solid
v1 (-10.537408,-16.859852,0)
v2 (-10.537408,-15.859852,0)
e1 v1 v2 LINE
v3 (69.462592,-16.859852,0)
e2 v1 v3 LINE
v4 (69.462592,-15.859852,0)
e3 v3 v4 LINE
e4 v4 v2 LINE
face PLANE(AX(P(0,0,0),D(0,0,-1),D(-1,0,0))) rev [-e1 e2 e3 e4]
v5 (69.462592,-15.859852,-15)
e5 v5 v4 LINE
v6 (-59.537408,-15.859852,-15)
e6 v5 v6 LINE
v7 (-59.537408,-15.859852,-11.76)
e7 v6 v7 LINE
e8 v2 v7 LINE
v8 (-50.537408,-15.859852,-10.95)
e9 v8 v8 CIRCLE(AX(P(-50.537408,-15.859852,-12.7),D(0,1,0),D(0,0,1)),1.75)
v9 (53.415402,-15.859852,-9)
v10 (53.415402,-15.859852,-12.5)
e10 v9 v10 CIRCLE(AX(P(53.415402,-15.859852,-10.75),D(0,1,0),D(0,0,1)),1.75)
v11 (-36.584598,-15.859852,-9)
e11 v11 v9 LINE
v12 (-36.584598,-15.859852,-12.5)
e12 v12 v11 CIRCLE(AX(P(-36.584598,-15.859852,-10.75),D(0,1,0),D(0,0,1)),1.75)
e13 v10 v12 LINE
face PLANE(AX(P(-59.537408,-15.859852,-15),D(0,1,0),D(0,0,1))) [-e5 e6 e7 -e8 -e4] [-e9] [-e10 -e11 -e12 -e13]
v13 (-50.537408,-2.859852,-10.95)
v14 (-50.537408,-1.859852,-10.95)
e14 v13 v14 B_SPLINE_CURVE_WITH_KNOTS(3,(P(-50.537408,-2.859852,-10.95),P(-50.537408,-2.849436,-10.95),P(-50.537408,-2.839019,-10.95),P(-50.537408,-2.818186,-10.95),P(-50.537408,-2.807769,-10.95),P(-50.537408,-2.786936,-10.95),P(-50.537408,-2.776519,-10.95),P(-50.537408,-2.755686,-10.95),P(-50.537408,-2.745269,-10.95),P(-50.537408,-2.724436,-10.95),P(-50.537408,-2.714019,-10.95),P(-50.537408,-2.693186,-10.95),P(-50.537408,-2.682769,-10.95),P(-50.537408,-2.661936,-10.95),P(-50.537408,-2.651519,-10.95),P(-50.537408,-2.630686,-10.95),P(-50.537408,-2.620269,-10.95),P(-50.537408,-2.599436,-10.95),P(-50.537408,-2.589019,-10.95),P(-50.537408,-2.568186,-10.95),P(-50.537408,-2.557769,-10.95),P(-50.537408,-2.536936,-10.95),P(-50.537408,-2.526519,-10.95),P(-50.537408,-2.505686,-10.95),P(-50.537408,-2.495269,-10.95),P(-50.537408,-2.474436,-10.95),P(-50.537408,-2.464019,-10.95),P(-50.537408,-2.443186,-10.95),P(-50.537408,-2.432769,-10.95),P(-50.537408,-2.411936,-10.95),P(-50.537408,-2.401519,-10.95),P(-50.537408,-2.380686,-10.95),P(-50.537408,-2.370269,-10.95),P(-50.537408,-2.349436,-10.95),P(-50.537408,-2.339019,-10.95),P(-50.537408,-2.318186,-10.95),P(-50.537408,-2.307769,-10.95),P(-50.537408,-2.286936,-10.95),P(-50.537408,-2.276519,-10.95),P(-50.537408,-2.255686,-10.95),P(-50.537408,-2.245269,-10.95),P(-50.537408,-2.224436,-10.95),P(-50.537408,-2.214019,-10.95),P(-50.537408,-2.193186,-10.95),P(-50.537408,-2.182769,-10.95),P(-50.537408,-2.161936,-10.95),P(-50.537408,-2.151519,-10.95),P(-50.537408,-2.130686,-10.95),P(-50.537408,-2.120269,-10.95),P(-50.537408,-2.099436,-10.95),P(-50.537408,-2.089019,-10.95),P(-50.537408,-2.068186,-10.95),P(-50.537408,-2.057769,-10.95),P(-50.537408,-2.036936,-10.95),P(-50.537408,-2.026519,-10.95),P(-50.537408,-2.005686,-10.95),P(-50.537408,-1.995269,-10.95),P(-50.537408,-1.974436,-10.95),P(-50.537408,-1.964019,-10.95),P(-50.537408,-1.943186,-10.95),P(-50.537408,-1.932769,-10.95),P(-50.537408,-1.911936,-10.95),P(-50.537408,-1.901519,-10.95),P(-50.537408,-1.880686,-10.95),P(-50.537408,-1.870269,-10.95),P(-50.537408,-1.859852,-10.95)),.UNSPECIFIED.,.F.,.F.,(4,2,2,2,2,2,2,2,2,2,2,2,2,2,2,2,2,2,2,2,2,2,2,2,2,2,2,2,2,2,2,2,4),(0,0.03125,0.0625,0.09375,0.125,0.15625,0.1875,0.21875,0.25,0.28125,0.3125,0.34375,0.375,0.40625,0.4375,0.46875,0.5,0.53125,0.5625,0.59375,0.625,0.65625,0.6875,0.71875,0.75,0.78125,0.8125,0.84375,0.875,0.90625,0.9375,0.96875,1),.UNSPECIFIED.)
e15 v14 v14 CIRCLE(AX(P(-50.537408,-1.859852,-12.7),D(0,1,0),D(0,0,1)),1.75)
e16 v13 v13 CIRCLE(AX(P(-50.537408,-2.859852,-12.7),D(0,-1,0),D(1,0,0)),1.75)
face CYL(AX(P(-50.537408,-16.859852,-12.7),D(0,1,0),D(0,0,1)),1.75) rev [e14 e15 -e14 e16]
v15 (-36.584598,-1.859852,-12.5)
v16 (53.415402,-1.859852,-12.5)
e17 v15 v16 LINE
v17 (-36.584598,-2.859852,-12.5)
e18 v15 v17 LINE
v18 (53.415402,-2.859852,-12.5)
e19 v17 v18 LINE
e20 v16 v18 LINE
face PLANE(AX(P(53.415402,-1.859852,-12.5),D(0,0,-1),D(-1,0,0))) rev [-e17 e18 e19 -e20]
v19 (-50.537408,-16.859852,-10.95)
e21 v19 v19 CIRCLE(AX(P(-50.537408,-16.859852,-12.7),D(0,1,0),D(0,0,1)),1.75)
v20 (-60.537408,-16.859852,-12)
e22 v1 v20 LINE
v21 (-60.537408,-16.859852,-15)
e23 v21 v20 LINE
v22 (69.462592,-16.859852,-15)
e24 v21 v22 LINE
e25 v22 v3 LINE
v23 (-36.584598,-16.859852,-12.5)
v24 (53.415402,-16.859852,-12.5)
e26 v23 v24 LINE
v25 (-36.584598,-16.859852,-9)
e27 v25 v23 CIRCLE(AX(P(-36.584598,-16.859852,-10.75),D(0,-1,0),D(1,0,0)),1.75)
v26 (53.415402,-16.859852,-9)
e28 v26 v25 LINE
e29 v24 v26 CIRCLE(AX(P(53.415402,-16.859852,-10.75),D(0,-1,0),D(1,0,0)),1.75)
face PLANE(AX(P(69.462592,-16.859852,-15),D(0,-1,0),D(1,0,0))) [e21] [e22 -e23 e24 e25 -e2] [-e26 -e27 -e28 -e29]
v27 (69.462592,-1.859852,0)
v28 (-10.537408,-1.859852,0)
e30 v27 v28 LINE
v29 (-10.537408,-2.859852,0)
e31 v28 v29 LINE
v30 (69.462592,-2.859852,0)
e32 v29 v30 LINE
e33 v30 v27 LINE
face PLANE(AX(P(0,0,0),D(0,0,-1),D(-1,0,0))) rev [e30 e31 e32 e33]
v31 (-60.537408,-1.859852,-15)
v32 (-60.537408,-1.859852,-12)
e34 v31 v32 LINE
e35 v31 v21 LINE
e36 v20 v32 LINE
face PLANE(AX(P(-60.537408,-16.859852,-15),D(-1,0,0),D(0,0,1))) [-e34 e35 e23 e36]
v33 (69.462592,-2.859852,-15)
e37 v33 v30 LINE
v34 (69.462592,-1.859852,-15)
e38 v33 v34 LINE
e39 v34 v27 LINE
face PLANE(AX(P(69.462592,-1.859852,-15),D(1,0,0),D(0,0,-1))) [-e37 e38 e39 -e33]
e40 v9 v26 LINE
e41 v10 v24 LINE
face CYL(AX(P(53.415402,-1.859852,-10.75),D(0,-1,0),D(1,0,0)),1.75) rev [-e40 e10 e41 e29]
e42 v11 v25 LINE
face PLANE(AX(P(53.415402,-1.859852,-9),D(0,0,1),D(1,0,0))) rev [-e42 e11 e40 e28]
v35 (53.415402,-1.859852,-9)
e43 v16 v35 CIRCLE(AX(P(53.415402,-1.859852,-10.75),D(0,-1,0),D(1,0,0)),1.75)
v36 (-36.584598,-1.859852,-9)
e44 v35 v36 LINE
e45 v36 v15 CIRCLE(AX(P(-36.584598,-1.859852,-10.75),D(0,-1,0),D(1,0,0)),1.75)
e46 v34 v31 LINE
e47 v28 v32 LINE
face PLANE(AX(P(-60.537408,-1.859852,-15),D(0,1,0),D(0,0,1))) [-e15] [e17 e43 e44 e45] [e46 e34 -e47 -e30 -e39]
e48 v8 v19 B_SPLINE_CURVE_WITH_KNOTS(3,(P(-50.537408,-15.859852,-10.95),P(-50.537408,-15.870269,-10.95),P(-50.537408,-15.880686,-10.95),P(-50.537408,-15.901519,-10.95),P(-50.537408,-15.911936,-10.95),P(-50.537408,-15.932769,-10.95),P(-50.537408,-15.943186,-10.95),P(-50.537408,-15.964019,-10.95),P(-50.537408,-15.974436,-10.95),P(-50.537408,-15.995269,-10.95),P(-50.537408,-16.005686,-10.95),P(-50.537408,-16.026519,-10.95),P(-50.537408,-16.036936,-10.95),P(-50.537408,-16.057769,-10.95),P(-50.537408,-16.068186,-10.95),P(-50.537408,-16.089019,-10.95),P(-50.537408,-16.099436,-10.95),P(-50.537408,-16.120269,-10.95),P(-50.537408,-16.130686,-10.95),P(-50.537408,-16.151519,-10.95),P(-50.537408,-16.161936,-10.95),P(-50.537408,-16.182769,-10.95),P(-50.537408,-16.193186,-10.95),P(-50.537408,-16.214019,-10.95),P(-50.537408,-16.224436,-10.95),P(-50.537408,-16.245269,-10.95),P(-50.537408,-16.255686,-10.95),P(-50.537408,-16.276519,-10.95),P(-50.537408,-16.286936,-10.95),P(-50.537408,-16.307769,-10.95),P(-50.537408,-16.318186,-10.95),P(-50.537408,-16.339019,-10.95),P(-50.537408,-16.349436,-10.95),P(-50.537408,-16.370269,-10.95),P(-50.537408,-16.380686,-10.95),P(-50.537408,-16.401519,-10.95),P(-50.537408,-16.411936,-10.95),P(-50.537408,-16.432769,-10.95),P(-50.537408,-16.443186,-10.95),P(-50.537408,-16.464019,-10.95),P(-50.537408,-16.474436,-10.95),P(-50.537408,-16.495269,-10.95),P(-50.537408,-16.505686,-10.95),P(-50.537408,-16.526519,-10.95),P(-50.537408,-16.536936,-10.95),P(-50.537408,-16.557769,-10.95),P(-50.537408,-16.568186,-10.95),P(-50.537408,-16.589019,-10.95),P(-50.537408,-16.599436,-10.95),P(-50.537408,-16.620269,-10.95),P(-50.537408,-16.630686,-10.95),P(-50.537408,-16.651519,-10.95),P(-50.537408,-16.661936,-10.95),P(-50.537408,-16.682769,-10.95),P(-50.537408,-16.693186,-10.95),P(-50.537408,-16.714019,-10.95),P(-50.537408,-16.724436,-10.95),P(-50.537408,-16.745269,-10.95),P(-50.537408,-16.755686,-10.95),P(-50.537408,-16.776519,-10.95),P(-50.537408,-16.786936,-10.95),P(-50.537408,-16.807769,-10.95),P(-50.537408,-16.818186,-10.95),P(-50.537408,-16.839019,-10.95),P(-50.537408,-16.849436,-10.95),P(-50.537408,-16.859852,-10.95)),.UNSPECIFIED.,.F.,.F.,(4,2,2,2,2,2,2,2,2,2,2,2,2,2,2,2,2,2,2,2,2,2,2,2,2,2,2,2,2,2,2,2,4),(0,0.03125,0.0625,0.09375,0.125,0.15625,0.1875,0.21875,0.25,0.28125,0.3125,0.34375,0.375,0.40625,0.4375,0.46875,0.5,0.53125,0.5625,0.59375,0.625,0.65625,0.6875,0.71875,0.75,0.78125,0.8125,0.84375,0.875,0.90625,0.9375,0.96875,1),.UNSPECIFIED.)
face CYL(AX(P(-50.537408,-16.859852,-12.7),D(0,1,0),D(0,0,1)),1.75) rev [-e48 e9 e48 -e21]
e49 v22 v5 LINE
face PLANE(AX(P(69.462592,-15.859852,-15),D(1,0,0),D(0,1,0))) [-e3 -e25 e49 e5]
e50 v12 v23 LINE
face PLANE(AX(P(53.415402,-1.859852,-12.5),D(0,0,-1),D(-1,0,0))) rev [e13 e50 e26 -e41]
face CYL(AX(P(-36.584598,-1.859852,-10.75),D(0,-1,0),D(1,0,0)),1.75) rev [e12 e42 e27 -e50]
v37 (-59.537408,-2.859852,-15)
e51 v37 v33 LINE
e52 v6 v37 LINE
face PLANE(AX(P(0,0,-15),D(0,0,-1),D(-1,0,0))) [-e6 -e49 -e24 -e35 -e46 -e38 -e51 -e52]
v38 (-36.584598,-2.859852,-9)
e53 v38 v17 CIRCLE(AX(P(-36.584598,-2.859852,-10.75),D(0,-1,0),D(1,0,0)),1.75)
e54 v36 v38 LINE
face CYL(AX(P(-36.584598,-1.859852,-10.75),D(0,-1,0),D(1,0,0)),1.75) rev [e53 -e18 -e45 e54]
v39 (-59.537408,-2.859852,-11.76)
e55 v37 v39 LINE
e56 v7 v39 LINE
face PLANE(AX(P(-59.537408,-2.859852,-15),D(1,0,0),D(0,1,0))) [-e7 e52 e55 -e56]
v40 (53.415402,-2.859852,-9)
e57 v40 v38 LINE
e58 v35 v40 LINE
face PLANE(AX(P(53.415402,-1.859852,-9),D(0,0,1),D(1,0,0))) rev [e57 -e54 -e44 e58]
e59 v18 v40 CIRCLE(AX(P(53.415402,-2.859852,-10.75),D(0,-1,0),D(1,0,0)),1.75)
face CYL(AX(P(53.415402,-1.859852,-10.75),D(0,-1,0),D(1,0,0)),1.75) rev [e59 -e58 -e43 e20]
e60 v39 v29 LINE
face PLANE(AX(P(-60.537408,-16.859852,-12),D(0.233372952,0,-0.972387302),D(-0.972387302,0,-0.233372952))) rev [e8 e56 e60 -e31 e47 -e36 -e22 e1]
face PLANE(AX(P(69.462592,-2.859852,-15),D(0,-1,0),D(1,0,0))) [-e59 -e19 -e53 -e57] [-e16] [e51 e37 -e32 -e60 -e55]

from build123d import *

# Parameters (mm, degrees)
BOSS_EXTRUDE1_DEPTH = 15
CUT_EXTRUDE1_DEPTH  = 73.629551255
SKETCH8_R           = 1.75
CUT_EXTRUDE2_DEPTH  = 73.629551255
CUT_EXTRUDE4_DEPTH  = 73.629551255


with BuildPart() as part:
    # Sketch3 → Boss-Extrude1 (new body)
    with BuildSketch(Plane.XY):
        Polygon((-60.537407798, -1.859852476), (69.462592202, -1.859852476), (69.462592202, -2.859852476), (-59.537407798, -2.859852476), (-59.537407798, -15.859852476), (69.462592202, -15.859852476), (69.462592202, -16.859852476), (-60.537407798, -16.859852476), align=None)
    extrude(amount=-BOSS_EXTRUDE1_DEPTH)

    # Sketch6 → Cut-Extrude1 (cut, through all)
    with BuildSketch(Plane(origin=(0, -1.859852476, 0), x_dir=(1, 0, 0), z_dir=(0, 1, 0))):
        Polygon((-60.537407798, 12), (-10.537407798, 0), (-10.537407798, -10.064923469), (-60.537407798, -10.064923469), align=None)
    extrude(amount=-CUT_EXTRUDE1_DEPTH, mode=Mode.SUBTRACT)

    # Sketch8 → Cut-Extrude2 (cut, through all)
    with BuildSketch(Plane(origin=(0, -1.859852476, 0), x_dir=(1, 0, 0), z_dir=(0, 1, 0))):
        with Locations(Location((-50.537407798, 12.7, 0), (0, 0, 270))):
            Circle(SKETCH8_R)
    extrude(amount=-CUT_EXTRUDE2_DEPTH, mode=Mode.SUBTRACT)

    # Sketch12 → Cut-Extrude4 (cut, through all)
    with BuildSketch(Plane.XZ.offset(16.859852476)):
        with BuildLine():
            Line((53.415401878, -12.5), (-36.584598122, -12.5))
            ThreePointArc((-36.584598122, -12.5), (-38.334598122, -10.75), (-36.584598122, -9))
            Line((-36.584598122, -9), (53.415401878, -9))
            ThreePointArc((53.415401878, -9), (55.165401878, -10.75), (53.415401878, -12.5))
        make_face()
    extrude(amount=-CUT_EXTRUDE4_DEPTH, mode=Mode.SUBTRACT)


solid = part.part
